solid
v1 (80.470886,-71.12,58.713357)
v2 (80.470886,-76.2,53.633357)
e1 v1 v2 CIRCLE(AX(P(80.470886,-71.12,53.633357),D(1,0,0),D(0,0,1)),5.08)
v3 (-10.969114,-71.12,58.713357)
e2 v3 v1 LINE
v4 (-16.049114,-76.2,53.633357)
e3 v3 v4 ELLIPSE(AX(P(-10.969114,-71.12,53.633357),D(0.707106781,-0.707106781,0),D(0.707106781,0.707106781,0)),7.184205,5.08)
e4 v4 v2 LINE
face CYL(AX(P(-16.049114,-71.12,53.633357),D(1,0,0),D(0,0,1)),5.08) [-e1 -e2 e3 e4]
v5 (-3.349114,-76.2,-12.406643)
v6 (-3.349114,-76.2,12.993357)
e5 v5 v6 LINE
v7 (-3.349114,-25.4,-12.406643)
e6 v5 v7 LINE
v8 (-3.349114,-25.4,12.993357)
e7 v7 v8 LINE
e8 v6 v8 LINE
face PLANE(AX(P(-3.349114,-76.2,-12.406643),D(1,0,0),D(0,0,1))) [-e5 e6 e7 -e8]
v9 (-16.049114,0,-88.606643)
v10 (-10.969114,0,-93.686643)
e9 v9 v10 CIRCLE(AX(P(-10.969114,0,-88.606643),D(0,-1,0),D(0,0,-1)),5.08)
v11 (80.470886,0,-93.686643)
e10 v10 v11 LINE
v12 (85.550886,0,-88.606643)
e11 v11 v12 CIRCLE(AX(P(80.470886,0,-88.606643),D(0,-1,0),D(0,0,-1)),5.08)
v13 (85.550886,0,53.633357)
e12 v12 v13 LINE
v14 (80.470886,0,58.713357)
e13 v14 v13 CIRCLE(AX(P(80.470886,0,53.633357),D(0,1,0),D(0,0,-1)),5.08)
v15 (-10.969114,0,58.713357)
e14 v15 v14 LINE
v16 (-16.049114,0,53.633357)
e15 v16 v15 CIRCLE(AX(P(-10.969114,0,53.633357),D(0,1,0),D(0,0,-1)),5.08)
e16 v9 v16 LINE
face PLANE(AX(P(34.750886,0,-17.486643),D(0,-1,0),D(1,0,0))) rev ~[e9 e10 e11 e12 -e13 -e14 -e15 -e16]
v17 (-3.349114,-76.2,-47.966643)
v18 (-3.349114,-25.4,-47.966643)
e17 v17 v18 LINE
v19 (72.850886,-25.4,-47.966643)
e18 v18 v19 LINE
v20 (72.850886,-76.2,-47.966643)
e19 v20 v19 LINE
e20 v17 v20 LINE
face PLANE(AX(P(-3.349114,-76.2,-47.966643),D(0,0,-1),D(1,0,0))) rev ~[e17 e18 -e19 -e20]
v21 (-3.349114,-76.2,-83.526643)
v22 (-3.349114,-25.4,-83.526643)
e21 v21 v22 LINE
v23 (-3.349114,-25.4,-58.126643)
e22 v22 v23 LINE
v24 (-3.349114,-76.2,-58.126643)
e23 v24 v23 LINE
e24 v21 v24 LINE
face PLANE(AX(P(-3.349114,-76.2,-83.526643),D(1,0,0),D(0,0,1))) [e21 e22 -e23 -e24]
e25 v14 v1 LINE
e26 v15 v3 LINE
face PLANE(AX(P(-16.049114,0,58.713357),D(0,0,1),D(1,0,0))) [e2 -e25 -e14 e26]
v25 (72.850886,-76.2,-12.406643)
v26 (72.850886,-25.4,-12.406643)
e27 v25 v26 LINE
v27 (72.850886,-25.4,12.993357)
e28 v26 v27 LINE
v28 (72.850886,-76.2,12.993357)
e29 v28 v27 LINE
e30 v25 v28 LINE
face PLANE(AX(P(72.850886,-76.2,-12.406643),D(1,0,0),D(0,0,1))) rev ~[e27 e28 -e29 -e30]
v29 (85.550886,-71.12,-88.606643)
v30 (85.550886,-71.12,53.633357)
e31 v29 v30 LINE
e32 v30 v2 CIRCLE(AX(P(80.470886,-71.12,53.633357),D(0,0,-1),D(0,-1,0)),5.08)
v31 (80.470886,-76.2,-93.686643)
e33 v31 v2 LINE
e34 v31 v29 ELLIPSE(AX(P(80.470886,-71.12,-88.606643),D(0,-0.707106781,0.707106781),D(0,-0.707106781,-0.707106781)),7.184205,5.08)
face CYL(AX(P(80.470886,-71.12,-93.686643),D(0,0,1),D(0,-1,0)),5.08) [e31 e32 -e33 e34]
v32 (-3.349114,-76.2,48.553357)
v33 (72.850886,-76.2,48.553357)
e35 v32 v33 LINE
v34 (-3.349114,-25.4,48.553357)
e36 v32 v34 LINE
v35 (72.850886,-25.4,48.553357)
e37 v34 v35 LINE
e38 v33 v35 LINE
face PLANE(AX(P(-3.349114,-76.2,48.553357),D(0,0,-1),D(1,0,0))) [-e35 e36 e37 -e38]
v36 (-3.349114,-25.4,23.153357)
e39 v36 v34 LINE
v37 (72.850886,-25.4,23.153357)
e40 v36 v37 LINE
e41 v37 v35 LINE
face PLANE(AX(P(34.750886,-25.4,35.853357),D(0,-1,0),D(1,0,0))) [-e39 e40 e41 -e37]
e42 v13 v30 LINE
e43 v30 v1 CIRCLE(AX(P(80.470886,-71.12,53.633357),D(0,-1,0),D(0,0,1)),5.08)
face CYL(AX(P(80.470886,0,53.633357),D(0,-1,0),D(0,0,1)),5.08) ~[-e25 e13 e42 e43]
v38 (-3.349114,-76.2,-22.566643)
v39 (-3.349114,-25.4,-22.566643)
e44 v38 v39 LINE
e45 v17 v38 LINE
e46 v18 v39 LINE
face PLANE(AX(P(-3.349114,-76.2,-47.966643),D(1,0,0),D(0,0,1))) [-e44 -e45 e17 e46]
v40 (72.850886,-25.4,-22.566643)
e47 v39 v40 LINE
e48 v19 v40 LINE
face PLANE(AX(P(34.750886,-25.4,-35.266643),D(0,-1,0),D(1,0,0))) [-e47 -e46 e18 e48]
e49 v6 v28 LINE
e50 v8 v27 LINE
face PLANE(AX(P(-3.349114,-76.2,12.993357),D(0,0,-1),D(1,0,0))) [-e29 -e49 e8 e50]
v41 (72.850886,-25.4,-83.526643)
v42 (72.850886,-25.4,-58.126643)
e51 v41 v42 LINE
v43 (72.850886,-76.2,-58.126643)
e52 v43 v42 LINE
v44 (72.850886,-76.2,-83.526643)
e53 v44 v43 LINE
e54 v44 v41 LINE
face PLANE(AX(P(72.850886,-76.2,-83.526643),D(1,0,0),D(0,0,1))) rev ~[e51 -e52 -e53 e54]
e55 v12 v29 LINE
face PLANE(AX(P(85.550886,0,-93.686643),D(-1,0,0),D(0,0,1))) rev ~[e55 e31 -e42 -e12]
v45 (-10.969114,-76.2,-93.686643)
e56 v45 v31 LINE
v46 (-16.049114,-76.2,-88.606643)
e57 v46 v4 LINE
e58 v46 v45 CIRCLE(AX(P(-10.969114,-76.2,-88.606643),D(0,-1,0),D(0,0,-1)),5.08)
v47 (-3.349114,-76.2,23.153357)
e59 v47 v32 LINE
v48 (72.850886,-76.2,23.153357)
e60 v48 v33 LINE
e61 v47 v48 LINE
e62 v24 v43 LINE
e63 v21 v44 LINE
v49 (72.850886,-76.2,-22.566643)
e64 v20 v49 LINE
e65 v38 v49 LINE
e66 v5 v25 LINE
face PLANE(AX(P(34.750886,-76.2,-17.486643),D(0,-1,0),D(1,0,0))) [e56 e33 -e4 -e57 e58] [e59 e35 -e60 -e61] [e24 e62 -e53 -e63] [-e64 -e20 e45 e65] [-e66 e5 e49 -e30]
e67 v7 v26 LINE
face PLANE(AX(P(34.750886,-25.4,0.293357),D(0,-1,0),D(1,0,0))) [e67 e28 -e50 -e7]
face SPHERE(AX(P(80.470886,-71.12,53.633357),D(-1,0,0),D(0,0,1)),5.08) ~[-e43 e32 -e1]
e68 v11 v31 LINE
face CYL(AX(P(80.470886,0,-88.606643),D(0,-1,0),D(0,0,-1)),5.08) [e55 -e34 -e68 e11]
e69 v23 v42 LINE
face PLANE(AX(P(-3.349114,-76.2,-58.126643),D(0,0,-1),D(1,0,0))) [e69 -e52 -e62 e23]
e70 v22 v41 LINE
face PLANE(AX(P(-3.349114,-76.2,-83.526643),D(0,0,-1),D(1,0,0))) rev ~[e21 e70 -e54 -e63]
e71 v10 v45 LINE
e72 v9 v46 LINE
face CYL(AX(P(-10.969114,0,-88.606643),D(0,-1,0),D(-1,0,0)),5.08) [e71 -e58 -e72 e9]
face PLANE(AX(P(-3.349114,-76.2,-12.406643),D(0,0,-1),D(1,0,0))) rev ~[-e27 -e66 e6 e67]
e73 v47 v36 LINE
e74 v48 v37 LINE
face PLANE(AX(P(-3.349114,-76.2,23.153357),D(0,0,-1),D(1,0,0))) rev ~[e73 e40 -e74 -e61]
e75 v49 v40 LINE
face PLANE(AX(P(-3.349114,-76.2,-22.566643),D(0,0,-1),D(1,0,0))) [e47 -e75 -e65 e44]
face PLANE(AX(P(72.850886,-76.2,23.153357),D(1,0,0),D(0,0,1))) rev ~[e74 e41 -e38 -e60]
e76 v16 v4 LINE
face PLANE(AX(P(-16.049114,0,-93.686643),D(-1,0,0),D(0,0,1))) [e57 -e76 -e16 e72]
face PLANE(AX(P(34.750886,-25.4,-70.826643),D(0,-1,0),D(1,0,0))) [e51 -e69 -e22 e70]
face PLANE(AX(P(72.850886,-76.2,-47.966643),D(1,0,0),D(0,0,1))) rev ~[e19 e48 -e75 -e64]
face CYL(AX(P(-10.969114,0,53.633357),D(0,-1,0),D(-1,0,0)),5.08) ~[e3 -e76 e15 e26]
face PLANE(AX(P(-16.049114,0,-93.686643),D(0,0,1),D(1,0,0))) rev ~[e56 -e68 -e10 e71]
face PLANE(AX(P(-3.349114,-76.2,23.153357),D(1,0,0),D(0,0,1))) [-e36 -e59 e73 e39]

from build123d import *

# Parameters (mm, degrees)
F0_W     = 101.6
F0_H     = 152.4
F1_DEPTH = 76.2
F2_W     = 76.2
F2_H     = 25.4
F3_DEPTH = 50.8
F4_R     = 5.08


with BuildPart() as f1:
    # F0 (on Front) → F1 (new body)
    with BuildSketch(Plane.XZ):
        with Locations((34.750886, -17.486643)):
            Rectangle(F0_W, F0_H)
    extrude(amount=F1_DEPTH)

    # F2 (on face) → F3 (cut)
    with BuildSketch(Plane.XZ.offset(76.2)):
        with Locations((34.750886, 35.853357)):
            Rectangle(F2_W, F2_H)
        with Locations((34.750886, 0.293357)):
            Rectangle(F2_W, F2_H)
        with Locations((34.750886, -35.266643)):
            Rectangle(F2_W, F2_H)
        with Locations((34.750886, -70.826643)):
            Rectangle(F2_W, F2_H)
    extrude(amount=-F3_DEPTH, mode=Mode.SUBTRACT)

    # F4
    f4_edges = [f1.edges().sort_by_distance(p)[0] for p in [
        (34.750886, -76.2, 58.713357),
        (85.550886, -38.1, 58.713357),
        (85.550886, -38.1, -93.686643),
        (-16.049114, -38.1, -93.686643),
        (-16.049114, -38.1, 58.713357),
        (85.550886, -76.2, -17.486643),
    ]]
    fillet(f4_edges, radius=F4_R)


solid = f1.part
